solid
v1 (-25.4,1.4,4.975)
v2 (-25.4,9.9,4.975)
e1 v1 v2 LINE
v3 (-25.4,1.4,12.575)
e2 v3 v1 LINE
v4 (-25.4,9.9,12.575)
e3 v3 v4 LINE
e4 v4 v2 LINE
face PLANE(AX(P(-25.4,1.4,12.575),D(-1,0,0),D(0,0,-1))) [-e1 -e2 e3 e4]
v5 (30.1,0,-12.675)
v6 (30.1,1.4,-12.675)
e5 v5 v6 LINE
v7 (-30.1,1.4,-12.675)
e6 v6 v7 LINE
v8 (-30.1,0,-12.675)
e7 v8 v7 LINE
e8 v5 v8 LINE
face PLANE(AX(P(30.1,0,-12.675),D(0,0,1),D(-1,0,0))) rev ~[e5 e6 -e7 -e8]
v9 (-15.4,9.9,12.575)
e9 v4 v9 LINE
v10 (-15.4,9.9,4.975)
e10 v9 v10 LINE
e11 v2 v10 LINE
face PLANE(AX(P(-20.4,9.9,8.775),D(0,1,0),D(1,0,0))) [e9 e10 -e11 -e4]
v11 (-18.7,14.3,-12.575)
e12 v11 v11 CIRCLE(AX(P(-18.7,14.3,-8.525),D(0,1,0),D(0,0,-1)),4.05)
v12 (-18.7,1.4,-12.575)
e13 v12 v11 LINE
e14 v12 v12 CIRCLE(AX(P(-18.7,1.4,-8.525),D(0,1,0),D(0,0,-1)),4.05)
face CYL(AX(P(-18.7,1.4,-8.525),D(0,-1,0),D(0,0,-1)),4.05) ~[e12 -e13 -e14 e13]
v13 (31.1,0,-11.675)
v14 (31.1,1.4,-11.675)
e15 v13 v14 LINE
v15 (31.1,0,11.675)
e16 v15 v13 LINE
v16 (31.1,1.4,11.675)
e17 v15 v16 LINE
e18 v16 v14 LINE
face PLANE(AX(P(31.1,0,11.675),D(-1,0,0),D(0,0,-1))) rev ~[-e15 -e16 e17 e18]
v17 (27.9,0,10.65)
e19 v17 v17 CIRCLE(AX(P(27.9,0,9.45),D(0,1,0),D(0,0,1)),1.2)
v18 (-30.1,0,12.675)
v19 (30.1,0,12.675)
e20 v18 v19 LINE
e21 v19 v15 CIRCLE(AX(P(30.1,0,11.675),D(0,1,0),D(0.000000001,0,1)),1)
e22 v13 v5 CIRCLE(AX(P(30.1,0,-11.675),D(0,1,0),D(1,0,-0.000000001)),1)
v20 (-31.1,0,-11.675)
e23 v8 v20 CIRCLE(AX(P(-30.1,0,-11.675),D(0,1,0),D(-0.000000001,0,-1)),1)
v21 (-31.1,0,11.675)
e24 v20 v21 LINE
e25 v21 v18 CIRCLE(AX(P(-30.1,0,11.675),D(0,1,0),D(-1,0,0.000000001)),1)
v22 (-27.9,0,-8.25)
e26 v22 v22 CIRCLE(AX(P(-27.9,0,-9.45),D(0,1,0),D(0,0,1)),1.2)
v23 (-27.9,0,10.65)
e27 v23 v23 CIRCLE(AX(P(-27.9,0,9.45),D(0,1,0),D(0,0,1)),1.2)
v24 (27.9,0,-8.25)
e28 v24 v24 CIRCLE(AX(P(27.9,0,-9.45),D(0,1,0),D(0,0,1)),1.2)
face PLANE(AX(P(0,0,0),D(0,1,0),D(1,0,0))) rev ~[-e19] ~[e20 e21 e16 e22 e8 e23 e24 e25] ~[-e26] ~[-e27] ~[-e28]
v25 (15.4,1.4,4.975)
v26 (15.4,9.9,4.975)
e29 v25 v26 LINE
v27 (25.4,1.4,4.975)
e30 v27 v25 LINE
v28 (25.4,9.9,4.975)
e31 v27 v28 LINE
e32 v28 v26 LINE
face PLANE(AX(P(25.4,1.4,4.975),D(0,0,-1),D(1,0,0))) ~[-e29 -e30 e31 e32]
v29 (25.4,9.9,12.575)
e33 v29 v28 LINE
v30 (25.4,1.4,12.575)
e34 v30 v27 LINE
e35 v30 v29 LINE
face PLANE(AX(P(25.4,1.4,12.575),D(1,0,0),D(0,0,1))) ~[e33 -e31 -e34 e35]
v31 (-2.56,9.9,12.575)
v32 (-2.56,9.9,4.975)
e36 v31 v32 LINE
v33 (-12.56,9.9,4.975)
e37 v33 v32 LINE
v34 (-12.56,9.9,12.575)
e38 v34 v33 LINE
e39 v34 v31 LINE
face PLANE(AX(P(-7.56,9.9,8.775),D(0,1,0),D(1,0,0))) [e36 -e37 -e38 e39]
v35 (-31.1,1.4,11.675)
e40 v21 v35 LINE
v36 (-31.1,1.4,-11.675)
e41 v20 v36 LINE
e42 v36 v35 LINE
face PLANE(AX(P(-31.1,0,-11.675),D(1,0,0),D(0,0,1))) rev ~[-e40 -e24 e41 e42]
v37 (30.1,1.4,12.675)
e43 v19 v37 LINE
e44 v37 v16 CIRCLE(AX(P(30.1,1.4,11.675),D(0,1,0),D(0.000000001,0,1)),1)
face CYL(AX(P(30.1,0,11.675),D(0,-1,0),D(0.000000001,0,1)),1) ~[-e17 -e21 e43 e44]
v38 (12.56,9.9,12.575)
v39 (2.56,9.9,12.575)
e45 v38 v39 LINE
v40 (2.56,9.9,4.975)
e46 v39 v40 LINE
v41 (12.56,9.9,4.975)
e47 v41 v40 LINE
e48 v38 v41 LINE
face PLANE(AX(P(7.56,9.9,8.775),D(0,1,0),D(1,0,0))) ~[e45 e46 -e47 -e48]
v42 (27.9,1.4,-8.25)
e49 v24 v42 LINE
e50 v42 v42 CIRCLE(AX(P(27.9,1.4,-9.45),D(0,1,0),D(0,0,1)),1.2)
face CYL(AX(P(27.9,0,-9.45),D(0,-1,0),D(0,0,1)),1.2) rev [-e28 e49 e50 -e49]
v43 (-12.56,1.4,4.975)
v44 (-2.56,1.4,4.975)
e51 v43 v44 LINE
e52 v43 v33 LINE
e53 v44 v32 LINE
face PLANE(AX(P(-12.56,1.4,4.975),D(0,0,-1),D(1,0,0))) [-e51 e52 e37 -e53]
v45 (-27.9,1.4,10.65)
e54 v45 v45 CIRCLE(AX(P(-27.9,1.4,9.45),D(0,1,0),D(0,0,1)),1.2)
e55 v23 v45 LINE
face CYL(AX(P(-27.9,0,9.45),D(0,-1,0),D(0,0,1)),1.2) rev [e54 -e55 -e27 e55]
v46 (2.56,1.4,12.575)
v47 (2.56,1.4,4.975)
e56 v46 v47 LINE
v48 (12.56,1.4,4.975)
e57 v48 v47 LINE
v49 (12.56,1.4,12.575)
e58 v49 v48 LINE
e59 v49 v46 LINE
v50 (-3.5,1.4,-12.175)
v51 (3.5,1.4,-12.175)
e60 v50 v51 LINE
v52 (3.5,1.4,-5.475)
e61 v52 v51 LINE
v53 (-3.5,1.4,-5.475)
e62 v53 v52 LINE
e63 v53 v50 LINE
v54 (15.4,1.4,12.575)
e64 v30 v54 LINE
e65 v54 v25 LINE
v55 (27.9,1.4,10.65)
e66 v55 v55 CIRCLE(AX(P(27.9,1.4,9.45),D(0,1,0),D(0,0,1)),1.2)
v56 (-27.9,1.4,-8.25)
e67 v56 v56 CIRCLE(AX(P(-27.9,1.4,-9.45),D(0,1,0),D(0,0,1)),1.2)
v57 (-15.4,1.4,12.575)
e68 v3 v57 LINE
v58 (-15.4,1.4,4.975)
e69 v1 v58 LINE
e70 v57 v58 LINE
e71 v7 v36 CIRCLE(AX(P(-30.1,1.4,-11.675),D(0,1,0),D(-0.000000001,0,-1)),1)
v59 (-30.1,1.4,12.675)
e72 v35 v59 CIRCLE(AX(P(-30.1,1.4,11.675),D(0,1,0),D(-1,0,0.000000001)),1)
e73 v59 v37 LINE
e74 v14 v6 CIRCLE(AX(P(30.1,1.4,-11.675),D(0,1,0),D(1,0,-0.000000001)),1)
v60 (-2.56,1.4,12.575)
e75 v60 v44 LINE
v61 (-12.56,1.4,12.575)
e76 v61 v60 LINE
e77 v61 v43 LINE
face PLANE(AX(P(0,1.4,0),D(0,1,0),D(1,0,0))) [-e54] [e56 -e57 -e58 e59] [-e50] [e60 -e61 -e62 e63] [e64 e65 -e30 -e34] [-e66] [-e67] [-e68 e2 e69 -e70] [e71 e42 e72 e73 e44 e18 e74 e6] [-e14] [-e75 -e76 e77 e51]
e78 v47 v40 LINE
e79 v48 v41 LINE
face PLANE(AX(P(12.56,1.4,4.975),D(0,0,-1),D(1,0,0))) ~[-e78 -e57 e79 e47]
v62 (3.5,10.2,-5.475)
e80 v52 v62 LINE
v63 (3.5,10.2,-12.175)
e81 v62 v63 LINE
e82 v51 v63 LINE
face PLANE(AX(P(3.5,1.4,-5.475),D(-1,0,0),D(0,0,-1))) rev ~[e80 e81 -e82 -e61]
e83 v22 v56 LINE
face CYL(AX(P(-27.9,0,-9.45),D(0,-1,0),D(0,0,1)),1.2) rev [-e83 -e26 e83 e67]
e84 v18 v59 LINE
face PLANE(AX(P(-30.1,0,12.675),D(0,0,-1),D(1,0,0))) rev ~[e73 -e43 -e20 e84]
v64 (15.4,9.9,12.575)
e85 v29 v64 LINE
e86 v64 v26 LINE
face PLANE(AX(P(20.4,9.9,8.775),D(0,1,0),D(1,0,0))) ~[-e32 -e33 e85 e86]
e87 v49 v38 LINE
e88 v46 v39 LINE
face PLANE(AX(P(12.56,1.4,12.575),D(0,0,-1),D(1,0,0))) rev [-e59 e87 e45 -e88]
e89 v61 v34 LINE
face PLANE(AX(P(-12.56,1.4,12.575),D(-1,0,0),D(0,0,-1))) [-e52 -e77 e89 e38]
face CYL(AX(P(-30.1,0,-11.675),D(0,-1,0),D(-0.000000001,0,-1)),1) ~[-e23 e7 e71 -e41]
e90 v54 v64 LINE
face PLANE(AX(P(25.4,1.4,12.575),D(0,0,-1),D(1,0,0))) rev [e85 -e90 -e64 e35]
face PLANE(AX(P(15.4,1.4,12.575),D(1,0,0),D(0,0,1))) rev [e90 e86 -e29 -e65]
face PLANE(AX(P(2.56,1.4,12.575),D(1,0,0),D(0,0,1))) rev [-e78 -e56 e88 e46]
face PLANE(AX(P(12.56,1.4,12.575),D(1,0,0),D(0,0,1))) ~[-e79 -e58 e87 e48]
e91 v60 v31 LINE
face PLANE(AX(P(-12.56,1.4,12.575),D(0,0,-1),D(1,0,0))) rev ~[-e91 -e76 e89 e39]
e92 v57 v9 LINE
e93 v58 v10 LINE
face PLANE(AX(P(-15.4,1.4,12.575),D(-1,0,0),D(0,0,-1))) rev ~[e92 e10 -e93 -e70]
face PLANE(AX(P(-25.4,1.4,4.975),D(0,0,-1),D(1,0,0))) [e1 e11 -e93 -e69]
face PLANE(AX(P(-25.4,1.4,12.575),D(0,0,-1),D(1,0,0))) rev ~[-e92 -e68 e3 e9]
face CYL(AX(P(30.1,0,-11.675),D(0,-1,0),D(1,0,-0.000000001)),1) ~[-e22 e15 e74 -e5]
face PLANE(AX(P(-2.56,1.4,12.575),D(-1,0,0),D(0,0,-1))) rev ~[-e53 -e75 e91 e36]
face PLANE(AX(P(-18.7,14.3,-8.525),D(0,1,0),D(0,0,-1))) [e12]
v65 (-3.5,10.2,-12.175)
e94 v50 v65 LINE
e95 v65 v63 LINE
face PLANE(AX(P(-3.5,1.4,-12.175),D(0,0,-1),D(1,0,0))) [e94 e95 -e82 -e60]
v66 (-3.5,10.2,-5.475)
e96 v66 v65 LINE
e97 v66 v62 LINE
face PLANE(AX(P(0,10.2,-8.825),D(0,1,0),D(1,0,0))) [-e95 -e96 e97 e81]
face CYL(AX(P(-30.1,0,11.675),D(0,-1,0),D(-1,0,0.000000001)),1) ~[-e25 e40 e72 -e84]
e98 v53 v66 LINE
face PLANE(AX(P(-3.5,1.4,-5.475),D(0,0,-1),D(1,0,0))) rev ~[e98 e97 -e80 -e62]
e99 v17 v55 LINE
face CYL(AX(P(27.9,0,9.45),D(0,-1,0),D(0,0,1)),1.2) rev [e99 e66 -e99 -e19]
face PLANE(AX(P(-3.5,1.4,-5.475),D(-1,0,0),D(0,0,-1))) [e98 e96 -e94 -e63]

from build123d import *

# Parameters (mm, degrees)
SKETCH1_R           = 1.2
BOSS_EXTRUDE1_DEPTH = 1.4
SKETCH2_W           = 7
SKETCH2_H           = 6.7
BOSS_EXTRUDE2_DEPTH = 8.8
SKETCH3_W           = 10
SKETCH3_H           = 7.6
BOSS_EXTRUDE3_DEPTH = 8.5
SKETCH4_R           = 4.05
BOSS_EXTRUDE4_DEPTH = 12.9


with BuildPart() as part:
    # Sketch1 → Boss-Extrude1 (new body)
    with BuildSketch(Plane(origin=(0, 0, 0), x_dir=(1, 0, 0), z_dir=(0, 1, 0))):
        with BuildLine():
            Line((-30.1, -12.675), (30.1, -12.675))
            ThreePointArc((30.1, -12.675), (30.807106781, -12.382106781), (31.1, -11.675))
            Line((31.1, -11.675), (31.1, 11.675))
            ThreePointArc((31.1, 11.675), (30.807106781, 12.382106781), (30.1, 12.675))
            Line((30.1, 12.675), (-30.1, 12.675))
            ThreePointArc((-30.1, 12.675), (-30.807106781, 12.382106781), (-31.1, 11.675))
            Line((-31.1, 11.675), (-31.1, -11.675))
            ThreePointArc((-31.1, -11.675), (-30.807106781, -12.382106781), (-30.1, -12.675))
        make_face()
        with Locations(Location((-27.9, 9.45, 0), (0, 0, 270))):
            Circle(SKETCH1_R, mode=Mode.SUBTRACT)
        with Locations(Location((-27.9, -9.45, 0), (0, 0, 270))):
            Circle(SKETCH1_R, mode=Mode.SUBTRACT)
        with Locations(Location((27.9, -9.45, 0), (0, 0, 270))):
            Circle(SKETCH1_R, mode=Mode.SUBTRACT)
        with Locations(Location((27.9, 9.45, 0), (0, 0, 270))):
            Circle(SKETCH1_R, mode=Mode.SUBTRACT)
    extrude(amount=BOSS_EXTRUDE1_DEPTH)

    # Sketch2 → Boss-Extrude2 (add)
    with BuildSketch(Plane(origin=(0, 1.4, 0), x_dir=(1, 0, 0), z_dir=(0, 1, 0))):
        with Locations((0, 8.825)):
            Rectangle(SKETCH2_W, SKETCH2_H)
    extrude(amount=BOSS_EXTRUDE2_DEPTH)

    # Sketch3 → Boss-Extrude3 (add)
    with BuildSketch(Plane(origin=(0, 1.4, 0), x_dir=(1, 0, 0), z_dir=(0, 1, 0))):
        with Locations((-20.4, -8.775)):
            Rectangle(SKETCH3_W, SKETCH3_H)
        with Locations((-7.56, -8.775)):
            Rectangle(SKETCH3_W, SKETCH3_H)
    boss_extrude3 = extrude(amount=BOSS_EXTRUDE3_DEPTH)

    # Mirror1: Boss-Extrude3 across plane
    add(boss_extrude3.mirror(Plane(origin=(0, 0, 0), x_dir=(0, 0, 1), z_dir=(1, 0, 0))))

    # Sketch4 → Boss-Extrude4 (add)
    with BuildSketch(Plane(origin=(0, 1.4, 0), x_dir=(1, 0, 0), z_dir=(0, 1, 0))):
        with Locations(Location((-18.7, 8.525, 0), (0, 0, 90))):
            Circle(SKETCH4_R)
    extrude(amount=BOSS_EXTRUDE4_DEPTH)


solid = part.part
